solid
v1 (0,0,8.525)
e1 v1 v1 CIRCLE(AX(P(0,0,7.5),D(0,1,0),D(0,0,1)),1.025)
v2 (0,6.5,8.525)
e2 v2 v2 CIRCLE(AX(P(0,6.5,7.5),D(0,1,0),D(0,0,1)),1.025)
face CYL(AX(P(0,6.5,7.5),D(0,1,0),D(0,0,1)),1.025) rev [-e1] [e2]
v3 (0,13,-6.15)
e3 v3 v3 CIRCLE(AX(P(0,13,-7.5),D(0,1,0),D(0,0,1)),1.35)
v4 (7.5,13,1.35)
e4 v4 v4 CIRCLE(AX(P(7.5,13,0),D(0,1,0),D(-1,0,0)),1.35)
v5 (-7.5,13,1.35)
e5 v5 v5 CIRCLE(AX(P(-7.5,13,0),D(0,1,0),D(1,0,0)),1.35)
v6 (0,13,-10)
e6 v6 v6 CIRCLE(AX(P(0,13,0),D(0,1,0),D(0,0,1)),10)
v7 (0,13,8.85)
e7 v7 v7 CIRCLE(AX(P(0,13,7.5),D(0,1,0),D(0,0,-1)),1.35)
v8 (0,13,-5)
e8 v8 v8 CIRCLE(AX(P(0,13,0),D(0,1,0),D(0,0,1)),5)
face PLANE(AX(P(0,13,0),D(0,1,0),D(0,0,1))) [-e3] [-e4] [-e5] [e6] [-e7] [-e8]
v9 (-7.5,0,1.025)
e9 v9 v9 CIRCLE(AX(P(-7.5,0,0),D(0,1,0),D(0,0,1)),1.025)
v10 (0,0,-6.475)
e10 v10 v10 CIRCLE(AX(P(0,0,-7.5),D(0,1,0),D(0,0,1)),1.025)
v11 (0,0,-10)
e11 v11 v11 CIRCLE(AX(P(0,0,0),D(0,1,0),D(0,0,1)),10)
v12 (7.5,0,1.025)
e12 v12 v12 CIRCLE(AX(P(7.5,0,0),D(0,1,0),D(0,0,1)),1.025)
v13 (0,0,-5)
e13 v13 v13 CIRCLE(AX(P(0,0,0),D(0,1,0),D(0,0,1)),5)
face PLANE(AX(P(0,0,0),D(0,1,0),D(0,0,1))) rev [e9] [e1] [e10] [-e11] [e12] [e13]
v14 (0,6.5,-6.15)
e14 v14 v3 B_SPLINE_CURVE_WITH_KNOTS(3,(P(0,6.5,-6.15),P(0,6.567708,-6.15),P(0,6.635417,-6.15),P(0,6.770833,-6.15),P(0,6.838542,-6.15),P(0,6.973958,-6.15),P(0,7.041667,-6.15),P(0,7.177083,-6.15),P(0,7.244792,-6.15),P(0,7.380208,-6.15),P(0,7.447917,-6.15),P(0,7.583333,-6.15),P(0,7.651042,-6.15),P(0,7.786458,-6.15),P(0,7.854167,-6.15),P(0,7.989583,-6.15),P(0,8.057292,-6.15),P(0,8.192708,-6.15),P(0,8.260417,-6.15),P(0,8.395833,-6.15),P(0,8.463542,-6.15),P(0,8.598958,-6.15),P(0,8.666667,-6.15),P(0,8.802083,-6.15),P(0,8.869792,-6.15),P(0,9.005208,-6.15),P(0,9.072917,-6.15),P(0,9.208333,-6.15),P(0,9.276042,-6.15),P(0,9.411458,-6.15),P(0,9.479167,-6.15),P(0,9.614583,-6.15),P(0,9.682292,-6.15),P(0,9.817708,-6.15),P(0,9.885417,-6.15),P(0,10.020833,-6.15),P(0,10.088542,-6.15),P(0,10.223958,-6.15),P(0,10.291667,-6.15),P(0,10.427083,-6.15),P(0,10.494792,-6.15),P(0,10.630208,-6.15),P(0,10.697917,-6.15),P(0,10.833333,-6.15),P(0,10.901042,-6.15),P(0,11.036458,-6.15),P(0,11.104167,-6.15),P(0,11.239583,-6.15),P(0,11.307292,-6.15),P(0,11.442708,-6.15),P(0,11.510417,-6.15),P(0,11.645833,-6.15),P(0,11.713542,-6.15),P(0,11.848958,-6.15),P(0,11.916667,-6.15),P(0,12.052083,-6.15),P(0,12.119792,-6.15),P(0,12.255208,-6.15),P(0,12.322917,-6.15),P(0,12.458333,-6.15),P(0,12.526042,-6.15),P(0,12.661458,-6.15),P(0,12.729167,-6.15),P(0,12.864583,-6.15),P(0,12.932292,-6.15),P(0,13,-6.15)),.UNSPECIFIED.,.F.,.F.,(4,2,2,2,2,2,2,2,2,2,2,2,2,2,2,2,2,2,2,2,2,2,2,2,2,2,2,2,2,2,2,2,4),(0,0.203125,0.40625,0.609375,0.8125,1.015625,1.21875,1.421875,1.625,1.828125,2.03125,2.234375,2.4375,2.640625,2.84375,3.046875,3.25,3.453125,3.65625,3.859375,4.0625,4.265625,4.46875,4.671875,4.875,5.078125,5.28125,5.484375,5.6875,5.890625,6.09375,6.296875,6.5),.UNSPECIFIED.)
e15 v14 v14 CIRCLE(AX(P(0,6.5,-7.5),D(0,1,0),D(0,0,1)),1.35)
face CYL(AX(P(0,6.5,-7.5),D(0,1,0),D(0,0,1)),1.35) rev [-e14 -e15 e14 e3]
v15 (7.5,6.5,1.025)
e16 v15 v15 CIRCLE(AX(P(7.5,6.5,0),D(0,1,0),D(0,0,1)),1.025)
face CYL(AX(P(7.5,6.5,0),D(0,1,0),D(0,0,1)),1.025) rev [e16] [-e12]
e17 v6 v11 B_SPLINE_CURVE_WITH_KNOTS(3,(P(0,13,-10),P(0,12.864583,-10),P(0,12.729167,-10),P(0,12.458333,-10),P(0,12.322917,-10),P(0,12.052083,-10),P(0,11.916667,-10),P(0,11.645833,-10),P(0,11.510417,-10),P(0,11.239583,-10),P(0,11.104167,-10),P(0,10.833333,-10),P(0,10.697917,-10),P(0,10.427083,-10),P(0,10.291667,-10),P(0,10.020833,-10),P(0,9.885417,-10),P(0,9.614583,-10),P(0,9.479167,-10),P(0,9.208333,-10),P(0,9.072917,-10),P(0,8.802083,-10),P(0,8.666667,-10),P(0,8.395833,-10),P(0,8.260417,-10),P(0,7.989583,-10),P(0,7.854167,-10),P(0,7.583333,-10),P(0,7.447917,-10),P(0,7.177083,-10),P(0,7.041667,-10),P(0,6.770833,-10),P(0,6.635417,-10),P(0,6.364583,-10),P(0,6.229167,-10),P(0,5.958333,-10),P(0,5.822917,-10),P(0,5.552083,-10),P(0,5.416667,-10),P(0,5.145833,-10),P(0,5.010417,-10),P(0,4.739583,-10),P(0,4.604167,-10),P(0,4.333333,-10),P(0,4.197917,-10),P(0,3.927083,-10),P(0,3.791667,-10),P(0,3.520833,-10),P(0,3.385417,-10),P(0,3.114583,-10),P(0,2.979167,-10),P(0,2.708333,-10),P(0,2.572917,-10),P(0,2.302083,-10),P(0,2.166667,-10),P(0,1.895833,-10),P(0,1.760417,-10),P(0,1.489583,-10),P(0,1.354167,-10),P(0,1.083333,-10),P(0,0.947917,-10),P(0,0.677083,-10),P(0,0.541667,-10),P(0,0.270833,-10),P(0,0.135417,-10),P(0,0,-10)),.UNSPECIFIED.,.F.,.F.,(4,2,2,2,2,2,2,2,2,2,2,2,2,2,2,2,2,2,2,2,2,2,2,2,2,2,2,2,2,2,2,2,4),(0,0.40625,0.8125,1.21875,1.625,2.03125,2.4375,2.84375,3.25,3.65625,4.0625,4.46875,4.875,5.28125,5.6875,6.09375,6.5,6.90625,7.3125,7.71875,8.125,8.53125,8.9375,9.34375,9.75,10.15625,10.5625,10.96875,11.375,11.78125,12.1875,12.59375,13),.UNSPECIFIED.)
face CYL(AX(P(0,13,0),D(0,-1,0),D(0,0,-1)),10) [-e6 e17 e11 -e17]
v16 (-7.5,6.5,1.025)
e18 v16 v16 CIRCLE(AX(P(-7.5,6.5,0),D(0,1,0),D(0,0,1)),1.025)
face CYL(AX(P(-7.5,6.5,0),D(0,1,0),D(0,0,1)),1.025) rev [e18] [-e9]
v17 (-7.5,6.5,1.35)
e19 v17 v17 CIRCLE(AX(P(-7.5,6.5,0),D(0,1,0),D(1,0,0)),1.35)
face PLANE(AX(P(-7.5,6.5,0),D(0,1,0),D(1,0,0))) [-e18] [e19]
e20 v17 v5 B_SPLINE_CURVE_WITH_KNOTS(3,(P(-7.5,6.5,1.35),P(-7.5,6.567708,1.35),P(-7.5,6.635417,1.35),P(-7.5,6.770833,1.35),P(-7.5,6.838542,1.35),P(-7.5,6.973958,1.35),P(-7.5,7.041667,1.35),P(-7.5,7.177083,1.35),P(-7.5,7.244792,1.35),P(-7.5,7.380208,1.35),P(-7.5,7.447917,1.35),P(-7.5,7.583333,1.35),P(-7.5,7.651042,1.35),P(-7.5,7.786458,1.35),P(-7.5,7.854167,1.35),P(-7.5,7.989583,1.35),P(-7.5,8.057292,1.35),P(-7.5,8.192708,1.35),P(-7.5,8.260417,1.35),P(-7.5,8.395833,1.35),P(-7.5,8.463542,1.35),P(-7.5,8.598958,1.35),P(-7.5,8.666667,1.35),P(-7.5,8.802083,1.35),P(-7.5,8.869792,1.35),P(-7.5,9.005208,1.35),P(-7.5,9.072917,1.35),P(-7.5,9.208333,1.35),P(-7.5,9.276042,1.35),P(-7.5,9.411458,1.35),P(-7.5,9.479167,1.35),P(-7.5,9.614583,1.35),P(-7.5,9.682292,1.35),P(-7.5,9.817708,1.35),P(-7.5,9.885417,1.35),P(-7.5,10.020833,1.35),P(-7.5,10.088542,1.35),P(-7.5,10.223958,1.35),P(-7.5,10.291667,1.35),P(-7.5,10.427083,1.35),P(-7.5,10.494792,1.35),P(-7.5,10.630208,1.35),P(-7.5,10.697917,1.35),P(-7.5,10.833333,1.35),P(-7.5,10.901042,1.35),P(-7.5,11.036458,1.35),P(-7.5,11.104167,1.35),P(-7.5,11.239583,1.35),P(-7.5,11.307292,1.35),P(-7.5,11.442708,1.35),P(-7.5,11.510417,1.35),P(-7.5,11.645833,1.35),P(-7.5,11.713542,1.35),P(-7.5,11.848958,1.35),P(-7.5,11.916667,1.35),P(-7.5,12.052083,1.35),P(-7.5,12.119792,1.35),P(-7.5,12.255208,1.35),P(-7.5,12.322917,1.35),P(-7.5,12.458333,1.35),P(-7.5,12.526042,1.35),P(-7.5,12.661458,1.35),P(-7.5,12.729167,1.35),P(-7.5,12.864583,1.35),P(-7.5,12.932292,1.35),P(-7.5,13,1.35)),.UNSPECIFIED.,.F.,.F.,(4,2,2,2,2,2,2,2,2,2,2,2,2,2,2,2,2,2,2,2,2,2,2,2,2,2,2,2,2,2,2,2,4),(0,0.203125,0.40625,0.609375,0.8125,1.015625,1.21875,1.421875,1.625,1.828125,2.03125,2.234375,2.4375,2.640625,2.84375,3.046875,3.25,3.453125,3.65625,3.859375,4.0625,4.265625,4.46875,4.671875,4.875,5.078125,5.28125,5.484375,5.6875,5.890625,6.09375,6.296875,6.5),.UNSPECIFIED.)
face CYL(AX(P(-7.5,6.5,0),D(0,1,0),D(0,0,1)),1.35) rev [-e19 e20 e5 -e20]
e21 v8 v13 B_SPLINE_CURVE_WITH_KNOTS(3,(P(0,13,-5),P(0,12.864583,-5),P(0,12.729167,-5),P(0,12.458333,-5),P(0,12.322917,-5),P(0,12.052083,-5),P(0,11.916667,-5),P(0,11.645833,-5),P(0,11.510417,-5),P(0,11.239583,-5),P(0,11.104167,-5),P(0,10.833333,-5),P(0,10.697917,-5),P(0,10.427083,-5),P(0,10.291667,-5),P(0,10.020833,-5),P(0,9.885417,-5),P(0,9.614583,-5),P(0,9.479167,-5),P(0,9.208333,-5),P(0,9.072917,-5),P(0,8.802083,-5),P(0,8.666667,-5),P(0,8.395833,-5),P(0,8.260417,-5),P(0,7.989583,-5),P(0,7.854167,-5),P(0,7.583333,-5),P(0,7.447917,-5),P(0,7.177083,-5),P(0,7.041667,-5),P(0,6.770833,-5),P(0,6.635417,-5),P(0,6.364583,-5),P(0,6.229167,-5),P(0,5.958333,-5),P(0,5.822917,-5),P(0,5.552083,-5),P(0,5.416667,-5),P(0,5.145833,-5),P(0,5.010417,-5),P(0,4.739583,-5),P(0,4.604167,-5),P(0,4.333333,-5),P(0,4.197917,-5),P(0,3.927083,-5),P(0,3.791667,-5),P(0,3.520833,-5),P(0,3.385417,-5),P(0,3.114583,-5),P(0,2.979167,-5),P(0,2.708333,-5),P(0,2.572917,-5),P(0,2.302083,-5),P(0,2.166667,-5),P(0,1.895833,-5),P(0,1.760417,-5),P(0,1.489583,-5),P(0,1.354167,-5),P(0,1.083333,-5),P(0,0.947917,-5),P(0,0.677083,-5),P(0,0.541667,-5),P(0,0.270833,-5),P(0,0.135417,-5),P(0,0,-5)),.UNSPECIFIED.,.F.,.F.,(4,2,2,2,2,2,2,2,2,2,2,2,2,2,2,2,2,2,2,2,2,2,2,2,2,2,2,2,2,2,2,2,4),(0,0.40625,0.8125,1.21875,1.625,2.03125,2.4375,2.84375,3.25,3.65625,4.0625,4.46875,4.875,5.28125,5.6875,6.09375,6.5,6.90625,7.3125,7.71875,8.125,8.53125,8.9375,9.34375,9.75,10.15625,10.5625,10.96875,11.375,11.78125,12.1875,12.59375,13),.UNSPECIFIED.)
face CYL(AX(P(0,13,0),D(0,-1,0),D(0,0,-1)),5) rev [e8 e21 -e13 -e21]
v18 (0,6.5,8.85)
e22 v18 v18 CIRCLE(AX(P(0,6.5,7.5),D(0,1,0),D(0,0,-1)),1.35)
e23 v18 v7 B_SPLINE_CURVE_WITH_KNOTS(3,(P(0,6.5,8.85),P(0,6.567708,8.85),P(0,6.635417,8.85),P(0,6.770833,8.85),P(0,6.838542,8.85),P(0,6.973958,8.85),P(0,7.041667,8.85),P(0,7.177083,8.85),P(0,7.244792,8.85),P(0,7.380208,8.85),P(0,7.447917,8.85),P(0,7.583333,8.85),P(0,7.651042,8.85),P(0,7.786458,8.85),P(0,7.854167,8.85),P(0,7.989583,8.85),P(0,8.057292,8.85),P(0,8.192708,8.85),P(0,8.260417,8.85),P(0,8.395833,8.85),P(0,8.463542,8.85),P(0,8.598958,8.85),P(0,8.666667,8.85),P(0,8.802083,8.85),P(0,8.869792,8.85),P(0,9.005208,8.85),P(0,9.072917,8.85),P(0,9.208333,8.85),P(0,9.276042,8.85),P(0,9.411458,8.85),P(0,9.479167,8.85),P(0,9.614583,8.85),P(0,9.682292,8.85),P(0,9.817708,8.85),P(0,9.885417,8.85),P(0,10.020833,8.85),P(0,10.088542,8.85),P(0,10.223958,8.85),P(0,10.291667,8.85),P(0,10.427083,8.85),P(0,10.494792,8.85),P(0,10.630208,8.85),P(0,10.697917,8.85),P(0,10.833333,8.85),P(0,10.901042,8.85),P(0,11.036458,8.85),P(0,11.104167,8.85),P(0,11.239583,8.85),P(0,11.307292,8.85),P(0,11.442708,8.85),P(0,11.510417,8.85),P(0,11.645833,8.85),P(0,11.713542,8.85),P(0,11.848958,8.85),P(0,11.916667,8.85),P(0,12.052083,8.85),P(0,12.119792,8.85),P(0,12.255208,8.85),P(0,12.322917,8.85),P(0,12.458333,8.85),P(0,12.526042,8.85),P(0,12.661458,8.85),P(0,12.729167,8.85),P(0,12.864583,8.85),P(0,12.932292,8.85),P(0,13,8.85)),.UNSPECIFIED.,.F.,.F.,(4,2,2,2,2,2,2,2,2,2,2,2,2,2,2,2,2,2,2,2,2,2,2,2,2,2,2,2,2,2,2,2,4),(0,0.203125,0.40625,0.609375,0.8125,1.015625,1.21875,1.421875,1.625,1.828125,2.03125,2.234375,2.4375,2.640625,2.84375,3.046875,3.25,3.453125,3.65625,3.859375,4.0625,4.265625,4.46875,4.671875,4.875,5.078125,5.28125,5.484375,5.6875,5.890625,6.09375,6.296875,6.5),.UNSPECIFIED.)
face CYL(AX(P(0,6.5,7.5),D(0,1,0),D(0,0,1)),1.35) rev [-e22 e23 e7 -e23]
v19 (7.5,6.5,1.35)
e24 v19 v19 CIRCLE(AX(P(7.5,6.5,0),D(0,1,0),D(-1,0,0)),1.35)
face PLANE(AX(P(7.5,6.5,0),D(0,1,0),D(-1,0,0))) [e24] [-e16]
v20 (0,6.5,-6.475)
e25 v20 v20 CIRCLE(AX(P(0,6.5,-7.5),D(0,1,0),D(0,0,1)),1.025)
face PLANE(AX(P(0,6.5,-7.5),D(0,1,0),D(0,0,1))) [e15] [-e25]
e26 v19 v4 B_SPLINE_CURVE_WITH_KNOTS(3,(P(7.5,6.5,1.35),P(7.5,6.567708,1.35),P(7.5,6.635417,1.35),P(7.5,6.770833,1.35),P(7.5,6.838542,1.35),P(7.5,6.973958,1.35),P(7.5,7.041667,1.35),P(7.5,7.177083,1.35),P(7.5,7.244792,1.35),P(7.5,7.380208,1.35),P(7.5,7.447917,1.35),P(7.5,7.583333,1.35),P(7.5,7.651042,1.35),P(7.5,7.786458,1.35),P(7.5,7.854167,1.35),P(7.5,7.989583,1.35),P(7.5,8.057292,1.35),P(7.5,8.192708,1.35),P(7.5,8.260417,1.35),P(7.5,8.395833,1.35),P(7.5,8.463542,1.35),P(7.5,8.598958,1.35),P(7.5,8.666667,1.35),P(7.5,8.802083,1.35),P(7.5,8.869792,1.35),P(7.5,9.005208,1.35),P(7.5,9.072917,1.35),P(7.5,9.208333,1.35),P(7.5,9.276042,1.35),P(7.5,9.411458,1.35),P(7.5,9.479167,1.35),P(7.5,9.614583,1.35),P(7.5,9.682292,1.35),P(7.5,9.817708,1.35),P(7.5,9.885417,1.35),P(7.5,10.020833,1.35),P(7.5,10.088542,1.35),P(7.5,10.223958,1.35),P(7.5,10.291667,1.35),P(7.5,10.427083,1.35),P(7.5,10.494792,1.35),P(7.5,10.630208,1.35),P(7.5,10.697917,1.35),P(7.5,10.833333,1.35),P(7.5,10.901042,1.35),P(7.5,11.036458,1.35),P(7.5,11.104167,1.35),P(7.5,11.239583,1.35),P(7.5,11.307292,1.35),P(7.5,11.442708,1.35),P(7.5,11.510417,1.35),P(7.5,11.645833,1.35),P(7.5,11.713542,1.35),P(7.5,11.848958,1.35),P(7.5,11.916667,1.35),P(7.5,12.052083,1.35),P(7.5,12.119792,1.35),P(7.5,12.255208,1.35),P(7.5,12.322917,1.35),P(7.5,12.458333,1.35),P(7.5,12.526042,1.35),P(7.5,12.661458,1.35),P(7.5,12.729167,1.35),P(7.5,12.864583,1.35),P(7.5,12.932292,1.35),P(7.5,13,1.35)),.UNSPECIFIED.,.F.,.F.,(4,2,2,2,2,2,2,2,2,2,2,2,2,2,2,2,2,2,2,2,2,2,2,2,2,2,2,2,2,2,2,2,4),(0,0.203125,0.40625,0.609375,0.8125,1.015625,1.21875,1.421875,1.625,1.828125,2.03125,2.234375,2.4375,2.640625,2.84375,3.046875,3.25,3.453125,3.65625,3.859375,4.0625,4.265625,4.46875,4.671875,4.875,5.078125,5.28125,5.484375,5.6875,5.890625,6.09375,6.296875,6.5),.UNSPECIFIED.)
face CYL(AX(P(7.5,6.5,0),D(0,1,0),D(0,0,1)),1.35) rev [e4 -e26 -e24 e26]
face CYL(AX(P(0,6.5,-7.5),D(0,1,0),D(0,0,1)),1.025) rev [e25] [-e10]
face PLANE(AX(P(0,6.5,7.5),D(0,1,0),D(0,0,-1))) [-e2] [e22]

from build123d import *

# Parameters (mm, degrees)
SKETCH_1_R               = 10
SKETCH_1_R_2             = 5
EXTRUDE_1_DEPTH          = 13
SKETCH_2_R               = 1.35
CUT_EXTRUDE_1_DEPTH      = 6.5
PATTERN_CIRCULAR_1_COUNT = 4


with BuildPart() as part:
    # 草图1 → 凸台-拉伸1 (new body)
    with BuildSketch(Plane(origin=(0, 0, 0), x_dir=(1, 0, 0), z_dir=(0, 1, 0))):
        with Locations(Location((0, 0, 0), (0, 0, 90))):
            Circle(SKETCH_1_R)
        with Locations(Location((0, 0, 0), (0, 0, 90))):
            Circle(SKETCH_1_R_2, mode=Mode.SUBTRACT)
    extrude(amount=EXTRUDE_1_DEPTH)

    # 草图2 → 切除-拉伸1 (cut)
    with BuildSketch(Plane(origin=(0, 13, 0), x_dir=(1, 0, 0), z_dir=(0, 1, 0))):
        with Locations(Location((0, 7.5, 0), (0, 0, 270))):
            Circle(SKETCH_2_R)
    cut_extrude_1 = extrude(amount=-CUT_EXTRUDE_1_DEPTH, mode=Mode.SUBTRACT)

    # 草图5 → M2.5 螺纹孔1 (revolve, cut)
    with BuildSketch(Plane(origin=(0, 6.5, -7.5), x_dir=(0, 0, 1), z_dir=(1, 0, 0))):
        Polygon((0, 0), (0, 27.865882135), (1.025, 27.25), (1.025, 0), align=None)
    hole_wizard_m2_5_1 = revolve(axis=Axis((0, 12.85, -7.5), (0, -1, 0)), mode=Mode.SUBTRACT)

    # 阵列(圆周)1: 切除-拉伸1, M2.5 螺纹孔1 ×4 about axis
    pattern_circular_1_axis = Axis((0, 0, 0), (0, 1, 0))
    add([cut_extrude_1.rotate(pattern_circular_1_axis, i * 360 / PATTERN_CIRCULAR_1_COUNT) for i in range(1, PATTERN_CIRCULAR_1_COUNT)], mode=Mode.SUBTRACT)
    add([hole_wizard_m2_5_1.rotate(pattern_circular_1_axis, i * 360 / PATTERN_CIRCULAR_1_COUNT) for i in range(1, PATTERN_CIRCULAR_1_COUNT)], mode=Mode.SUBTRACT)


solid = part.part
